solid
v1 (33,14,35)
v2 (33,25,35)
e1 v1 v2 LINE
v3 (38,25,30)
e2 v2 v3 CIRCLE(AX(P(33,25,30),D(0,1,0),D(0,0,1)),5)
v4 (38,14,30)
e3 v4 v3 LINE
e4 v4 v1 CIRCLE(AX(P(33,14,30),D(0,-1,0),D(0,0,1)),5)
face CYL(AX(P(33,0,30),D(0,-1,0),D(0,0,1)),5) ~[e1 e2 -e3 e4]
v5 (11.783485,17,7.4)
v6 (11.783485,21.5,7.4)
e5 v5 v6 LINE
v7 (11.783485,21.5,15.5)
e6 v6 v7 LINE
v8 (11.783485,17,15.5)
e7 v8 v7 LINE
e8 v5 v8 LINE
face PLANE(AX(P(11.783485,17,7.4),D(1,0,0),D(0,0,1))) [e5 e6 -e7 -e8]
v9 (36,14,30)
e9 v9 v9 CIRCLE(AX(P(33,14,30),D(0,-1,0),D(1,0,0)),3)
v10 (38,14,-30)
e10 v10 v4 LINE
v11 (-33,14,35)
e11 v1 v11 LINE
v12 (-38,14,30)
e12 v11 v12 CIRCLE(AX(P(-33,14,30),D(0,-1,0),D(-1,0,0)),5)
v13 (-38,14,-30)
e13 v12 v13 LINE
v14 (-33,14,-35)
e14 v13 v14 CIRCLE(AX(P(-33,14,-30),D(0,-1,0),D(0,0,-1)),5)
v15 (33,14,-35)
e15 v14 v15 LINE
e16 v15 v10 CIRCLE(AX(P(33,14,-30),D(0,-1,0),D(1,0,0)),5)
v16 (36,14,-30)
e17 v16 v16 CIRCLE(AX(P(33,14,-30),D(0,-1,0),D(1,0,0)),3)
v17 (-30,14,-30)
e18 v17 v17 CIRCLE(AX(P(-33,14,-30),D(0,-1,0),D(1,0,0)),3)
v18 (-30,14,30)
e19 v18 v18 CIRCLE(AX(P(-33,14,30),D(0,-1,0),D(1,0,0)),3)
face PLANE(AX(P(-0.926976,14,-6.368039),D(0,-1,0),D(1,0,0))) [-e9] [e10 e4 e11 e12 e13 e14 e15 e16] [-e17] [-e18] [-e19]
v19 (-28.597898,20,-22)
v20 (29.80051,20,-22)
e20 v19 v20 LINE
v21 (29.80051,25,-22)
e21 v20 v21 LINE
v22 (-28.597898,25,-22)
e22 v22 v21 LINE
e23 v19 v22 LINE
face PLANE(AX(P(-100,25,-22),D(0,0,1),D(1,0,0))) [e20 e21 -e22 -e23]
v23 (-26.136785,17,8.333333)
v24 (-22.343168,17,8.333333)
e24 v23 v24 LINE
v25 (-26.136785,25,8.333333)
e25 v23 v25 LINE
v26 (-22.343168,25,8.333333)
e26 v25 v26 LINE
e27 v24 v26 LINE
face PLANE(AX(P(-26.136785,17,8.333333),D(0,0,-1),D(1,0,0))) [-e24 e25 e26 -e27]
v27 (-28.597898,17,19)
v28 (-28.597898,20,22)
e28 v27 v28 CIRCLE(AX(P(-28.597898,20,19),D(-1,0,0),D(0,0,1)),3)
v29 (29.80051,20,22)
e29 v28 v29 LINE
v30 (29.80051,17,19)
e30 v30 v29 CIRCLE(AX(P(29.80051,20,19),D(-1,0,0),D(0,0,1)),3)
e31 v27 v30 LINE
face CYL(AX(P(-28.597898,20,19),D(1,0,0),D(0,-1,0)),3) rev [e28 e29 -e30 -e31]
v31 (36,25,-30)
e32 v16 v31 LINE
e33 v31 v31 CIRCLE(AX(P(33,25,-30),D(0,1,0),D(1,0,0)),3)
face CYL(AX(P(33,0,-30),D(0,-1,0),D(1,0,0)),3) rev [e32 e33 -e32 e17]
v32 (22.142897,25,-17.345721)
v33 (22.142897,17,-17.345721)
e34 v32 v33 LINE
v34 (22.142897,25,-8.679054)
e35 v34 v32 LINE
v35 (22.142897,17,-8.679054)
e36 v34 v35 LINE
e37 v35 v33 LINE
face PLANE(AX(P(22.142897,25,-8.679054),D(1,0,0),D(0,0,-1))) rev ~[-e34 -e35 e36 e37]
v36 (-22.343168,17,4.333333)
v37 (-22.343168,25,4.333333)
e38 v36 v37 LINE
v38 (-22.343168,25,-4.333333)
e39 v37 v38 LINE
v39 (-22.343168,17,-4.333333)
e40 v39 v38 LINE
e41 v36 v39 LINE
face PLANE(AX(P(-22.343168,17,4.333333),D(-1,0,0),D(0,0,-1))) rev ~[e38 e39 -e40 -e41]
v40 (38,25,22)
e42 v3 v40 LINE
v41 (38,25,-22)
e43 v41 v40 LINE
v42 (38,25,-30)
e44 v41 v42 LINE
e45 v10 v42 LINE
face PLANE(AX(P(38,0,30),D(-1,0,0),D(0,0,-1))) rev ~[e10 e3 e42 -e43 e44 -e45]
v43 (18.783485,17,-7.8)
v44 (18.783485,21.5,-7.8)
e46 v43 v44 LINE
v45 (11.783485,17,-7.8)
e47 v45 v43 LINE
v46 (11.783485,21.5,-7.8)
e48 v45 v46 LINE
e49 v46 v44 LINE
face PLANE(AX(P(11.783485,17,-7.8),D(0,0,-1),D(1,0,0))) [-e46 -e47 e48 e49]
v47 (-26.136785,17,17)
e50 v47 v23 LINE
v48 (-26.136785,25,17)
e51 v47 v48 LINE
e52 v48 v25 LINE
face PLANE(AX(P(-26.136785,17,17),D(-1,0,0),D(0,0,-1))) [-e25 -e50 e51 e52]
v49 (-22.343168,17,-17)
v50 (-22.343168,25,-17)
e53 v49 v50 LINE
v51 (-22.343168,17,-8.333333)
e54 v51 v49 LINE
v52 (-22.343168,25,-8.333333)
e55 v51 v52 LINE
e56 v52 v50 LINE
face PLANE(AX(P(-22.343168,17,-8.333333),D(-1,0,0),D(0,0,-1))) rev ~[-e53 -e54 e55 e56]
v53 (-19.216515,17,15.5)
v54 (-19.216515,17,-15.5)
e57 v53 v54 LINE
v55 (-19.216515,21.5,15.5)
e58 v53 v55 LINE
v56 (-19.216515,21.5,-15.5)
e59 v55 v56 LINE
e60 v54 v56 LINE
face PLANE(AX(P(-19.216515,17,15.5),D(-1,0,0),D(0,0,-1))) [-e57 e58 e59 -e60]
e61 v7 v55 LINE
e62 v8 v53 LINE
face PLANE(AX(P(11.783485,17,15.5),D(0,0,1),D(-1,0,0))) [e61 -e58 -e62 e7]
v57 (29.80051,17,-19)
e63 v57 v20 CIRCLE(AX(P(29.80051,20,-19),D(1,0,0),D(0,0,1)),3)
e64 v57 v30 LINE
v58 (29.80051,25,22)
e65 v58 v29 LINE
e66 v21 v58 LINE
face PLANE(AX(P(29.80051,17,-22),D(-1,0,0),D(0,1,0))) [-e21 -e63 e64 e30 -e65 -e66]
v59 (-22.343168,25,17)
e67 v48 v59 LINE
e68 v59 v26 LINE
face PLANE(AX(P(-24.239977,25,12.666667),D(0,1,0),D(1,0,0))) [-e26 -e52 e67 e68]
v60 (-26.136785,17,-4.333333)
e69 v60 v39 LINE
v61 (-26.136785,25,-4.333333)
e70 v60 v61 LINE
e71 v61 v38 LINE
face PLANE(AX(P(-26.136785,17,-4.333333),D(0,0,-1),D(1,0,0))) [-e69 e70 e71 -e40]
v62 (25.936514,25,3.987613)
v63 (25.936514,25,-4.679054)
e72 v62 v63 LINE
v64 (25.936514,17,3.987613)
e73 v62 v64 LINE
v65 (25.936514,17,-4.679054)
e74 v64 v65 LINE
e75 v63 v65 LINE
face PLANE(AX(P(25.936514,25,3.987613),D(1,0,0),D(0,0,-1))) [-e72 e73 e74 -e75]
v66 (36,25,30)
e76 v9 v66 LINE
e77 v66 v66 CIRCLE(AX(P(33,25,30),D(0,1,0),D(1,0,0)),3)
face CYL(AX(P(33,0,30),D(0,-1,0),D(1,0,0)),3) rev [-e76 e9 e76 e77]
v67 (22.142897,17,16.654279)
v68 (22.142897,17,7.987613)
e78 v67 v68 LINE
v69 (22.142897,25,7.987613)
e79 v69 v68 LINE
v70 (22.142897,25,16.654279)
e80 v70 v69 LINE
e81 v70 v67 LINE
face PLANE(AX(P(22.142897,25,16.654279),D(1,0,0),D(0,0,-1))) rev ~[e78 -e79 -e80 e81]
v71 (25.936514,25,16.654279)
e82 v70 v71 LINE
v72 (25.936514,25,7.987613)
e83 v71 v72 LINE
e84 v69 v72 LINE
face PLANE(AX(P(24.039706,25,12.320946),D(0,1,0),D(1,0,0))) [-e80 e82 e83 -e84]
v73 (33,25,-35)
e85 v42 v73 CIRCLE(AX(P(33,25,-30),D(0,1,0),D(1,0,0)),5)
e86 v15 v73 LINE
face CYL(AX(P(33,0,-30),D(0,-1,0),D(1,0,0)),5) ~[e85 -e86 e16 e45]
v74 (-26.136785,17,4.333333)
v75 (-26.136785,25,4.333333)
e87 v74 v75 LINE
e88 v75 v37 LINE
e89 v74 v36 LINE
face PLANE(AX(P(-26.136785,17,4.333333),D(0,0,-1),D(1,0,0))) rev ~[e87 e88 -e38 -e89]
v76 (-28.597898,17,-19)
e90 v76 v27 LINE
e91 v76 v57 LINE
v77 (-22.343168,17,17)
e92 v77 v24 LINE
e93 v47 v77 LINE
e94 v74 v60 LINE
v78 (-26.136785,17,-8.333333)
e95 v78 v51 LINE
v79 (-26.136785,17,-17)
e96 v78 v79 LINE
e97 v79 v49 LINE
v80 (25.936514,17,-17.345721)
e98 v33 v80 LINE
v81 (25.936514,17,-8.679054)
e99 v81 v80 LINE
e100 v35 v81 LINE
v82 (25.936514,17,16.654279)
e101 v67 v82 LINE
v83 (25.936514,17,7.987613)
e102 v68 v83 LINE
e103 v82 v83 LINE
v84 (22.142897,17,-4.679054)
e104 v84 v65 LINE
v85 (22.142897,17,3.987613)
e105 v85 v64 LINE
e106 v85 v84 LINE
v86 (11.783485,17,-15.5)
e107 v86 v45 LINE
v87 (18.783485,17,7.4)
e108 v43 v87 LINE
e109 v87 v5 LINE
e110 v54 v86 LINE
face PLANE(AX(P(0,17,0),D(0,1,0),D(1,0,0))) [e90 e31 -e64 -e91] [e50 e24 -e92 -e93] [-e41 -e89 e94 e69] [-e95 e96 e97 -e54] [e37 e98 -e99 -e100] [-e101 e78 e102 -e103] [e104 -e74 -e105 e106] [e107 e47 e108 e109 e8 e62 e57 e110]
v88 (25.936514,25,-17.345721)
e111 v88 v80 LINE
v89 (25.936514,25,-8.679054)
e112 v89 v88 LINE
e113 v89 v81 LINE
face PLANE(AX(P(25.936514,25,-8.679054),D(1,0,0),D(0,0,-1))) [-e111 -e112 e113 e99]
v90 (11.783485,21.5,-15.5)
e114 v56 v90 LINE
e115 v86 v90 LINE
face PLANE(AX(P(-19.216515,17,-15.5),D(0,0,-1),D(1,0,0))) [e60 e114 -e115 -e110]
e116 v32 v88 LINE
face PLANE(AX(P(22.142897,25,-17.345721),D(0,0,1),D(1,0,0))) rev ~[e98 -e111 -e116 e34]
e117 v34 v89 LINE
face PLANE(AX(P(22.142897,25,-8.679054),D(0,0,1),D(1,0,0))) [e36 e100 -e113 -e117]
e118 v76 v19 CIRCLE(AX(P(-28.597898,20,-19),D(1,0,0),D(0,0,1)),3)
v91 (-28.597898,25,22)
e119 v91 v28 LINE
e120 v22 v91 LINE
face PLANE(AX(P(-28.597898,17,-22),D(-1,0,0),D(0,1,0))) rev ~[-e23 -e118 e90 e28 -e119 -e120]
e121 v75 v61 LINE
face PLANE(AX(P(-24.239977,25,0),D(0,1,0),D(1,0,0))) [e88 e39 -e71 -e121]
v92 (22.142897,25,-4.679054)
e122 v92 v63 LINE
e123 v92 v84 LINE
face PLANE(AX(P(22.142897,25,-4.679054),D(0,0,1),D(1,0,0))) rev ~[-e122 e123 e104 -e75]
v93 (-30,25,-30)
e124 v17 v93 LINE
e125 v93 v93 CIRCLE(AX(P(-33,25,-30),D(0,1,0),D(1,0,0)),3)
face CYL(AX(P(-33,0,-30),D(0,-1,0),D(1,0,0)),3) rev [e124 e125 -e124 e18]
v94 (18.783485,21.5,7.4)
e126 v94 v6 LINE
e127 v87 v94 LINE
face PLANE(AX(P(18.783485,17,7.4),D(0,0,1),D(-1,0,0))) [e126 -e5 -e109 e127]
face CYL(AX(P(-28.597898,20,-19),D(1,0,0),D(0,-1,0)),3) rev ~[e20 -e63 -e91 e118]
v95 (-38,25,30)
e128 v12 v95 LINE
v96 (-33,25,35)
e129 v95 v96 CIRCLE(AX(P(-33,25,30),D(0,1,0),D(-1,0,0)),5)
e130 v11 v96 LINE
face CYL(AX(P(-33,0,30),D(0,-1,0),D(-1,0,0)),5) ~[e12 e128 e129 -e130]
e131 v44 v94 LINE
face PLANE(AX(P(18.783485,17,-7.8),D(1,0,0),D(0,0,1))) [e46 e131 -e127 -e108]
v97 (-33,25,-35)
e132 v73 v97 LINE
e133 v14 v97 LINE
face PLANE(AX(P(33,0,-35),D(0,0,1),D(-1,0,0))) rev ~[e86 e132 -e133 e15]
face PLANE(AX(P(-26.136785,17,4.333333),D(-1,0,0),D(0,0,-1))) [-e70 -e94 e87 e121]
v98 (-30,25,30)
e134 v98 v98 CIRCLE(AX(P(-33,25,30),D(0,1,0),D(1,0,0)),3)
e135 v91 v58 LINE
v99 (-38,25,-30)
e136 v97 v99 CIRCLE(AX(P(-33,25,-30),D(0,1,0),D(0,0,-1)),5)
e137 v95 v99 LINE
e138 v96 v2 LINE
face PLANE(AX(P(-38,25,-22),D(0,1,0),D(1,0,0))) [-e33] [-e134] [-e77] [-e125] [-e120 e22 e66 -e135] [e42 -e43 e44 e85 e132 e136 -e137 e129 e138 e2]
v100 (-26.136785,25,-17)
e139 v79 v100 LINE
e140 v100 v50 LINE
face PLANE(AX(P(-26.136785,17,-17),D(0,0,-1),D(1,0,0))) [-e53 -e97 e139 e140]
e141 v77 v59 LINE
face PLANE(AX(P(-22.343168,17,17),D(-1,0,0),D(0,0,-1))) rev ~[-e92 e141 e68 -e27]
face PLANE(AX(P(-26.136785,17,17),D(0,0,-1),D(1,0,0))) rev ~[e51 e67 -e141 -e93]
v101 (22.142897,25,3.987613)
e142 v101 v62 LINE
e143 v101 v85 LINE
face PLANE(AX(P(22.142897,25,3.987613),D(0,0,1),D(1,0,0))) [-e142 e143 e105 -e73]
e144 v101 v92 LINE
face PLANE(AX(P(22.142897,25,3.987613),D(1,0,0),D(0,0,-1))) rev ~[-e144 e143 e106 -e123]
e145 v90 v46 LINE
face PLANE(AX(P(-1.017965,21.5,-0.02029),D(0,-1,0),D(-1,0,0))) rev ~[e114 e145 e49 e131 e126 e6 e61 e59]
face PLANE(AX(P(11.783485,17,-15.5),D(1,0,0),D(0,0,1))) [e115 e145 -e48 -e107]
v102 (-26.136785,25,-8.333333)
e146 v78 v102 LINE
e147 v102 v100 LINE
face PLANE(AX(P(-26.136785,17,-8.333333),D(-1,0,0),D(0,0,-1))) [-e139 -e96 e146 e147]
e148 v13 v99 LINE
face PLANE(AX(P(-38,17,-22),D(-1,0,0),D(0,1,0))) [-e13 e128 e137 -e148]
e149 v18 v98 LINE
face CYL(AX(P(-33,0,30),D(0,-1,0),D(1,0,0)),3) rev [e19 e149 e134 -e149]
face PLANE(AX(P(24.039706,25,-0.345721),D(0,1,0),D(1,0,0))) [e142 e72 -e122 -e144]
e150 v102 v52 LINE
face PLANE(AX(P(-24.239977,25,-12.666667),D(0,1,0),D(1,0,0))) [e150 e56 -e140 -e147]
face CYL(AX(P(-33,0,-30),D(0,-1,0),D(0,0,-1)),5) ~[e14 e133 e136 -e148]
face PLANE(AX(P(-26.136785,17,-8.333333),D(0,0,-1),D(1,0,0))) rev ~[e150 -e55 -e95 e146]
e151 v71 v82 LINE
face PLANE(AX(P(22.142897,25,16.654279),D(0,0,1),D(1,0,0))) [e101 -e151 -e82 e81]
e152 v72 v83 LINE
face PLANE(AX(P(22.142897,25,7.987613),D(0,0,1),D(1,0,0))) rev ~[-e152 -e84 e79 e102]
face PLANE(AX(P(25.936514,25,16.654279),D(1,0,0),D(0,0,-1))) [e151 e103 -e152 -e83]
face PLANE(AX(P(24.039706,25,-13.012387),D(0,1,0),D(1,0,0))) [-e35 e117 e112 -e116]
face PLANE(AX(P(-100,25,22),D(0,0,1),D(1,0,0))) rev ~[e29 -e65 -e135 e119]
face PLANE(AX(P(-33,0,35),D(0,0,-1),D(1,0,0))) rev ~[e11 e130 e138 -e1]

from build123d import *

# Parameters (mm, degrees)
SKETCH2_R                        = 3
BOSS_EXTRUDE1_DEPTH              = 25
SKETCH5_W                        = 200
SKETCH5_H                        = 44
CUT_EXTRUDE1_DEPTH               = 8
SENSORMODULE_BOTTOMMIDDLEE_DEPTH = 4.5
SKETCH12_W                       = 247.875067181
SKETCH12_H                       = 102.432022038
CUT_EXTRUDE2_DEPTH               = 14
SKETCH14_W                       = 9.40210165
SKETCH14_H                       = 8
SKETCH14_W_2                     = 8.199489831
BOSS_EXTRUDE2_DEPTH              = 48
FILLET1_R                        = 3
FILLET2_R                        = 3
SKETCH15_W                       = 3.793616894
SKETCH15_H                       = 8.666666667
SKETCH15_H_2                     = 8.666666666
BOSS_EXTRUDE3_DEPTH              = 8
SKETCH16_W                       = 3.793616895
SKETCH16_H                       = 8.666666667
SKETCH16_H_2                     = 8.666666666
BOSS_EXTRUDE4_DEPTH              = 10


with BuildPart() as part:
    # Sketch2 → Boss-Extrude1 (new body)
    with BuildSketch(Plane(origin=(0, 0, 0), x_dir=(1, 0, 0), z_dir=(0, 1, 0))):
        with BuildLine():
            Line((-33, -35), (33, -35))
            ThreePointArc((33, -35), (36.535533906, -33.535533906), (38, -30))
            Line((38, -30), (38, 30))
            ThreePointArc((38, 30), (36.535533906, 33.535533906), (33, 35))
            Line((33, 35), (-33, 35))
            ThreePointArc((-33, 35), (-36.535533906, 33.535533906), (-38, 30))
            Line((-38, 30), (-38, -30))
            ThreePointArc((-38, -30), (-36.535533906, -33.535533906), (-33, -35))
        make_face()
        with Locations((-33, 30)):
            Circle(SKETCH2_R, mode=Mode.SUBTRACT)
        with Locations((-33, -30)):
            Circle(SKETCH2_R, mode=Mode.SUBTRACT)
        with Locations((33, 30)):
            Circle(SKETCH2_R, mode=Mode.SUBTRACT)
        with Locations((33, -30)):
            Circle(SKETCH2_R, mode=Mode.SUBTRACT)
    extrude(amount=BOSS_EXTRUDE1_DEPTH)

    # Sketch5 → Cut-Extrude1 (cut)
    with BuildSketch(Plane(origin=(0, 25, 0), x_dir=(1, 0, 0), z_dir=(0, 1, 0))):
        Rectangle(SKETCH5_W, SKETCH5_H)
    extrude(amount=-CUT_EXTRUDE1_DEPTH, mode=Mode.SUBTRACT)

    # Sketch6 → SensorModule(bottomMiddlee) (add)
    with BuildSketch(Plane(origin=(87.622938947, 17, 0), x_dir=(1, 0, 0), z_dir=(0, 1, 0))):
        Polygon((-106.839454309, 15.5), (-75.839454309, 15.5), (-75.839454309, 7.8), (-68.839454309, 7.8), (-68.839454309, -7.4), (-75.839454309, -7.4), (-75.839454309, -15.5), (-106.839454309, -15.5), align=None)
    extrude(amount=SENSORMODULE_BOTTOMMIDDLEE_DEPTH)

    # Sketch12 → Cut-Extrude2 (cut)
    with BuildSketch(Plane.XZ):
        with Locations((-0.926975658, -6.36803857)):
            Rectangle(SKETCH12_W, SKETCH12_H)
    extrude(amount=-CUT_EXTRUDE2_DEPTH, mode=Mode.SUBTRACT)

    # Sketch14 → Boss-Extrude2 (add)
    with BuildSketch(Plane.XY.offset(-22)):
        with Locations((-33.298949175, 21)):
            Rectangle(SKETCH14_W, SKETCH14_H)
        with Locations((33.900255085, 21)):
            Rectangle(SKETCH14_W_2, SKETCH14_H)
    extrude(amount=BOSS_EXTRUDE2_DEPTH)

    # Fillet1
    fillet1_edges = [part.edges().sort_by_distance(p)[0] for p in [
        (0.601305909, 17, -22),
    ]]
    fillet(fillet1_edges, radius=FILLET1_R)

    # Fillet2
    fillet2_edges = [part.edges().sort_by_distance(p)[0] for p in [
        (0.601305909, 17, 22),
    ]]
    fillet(fillet2_edges, radius=FILLET2_R)

    # Sketch15 → Boss-Extrude3 (add)
    with BuildSketch(Plane(origin=(3.489394794, 17, 0), x_dir=(1, 0, 0), z_dir=(0, 1, 0))):
        with Locations((-27.729371665, 12.666666666)):
            Rectangle(SKETCH15_W, SKETCH15_H)
        with Locations((-27.729371665, 0)):
            Rectangle(SKETCH15_W, SKETCH15_H_2)
        with Locations((-27.729371665, -12.666666666)):
            Rectangle(SKETCH15_W, SKETCH15_H)
    extrude(amount=BOSS_EXTRUDE3_DEPTH)

    # Sketch16 → Boss-Extrude4 (add)
    with BuildSketch(Plane(origin=(51.94610351, 25, 9.710186869), x_dir=(1, 0, 0), z_dir=(0, 1, 0))):
        with Locations((-27.906397887, 22.722574296)):
            Rectangle(SKETCH16_W, SKETCH16_H)
        with Locations((-27.906397887, 10.055907629)):
            Rectangle(SKETCH16_W, SKETCH16_H_2)
        with Locations((-27.906397887, -2.610759038)):
            Rectangle(SKETCH16_W, SKETCH16_H)
    extrude(amount=-BOSS_EXTRUDE4_DEPTH)


solid = part.part
